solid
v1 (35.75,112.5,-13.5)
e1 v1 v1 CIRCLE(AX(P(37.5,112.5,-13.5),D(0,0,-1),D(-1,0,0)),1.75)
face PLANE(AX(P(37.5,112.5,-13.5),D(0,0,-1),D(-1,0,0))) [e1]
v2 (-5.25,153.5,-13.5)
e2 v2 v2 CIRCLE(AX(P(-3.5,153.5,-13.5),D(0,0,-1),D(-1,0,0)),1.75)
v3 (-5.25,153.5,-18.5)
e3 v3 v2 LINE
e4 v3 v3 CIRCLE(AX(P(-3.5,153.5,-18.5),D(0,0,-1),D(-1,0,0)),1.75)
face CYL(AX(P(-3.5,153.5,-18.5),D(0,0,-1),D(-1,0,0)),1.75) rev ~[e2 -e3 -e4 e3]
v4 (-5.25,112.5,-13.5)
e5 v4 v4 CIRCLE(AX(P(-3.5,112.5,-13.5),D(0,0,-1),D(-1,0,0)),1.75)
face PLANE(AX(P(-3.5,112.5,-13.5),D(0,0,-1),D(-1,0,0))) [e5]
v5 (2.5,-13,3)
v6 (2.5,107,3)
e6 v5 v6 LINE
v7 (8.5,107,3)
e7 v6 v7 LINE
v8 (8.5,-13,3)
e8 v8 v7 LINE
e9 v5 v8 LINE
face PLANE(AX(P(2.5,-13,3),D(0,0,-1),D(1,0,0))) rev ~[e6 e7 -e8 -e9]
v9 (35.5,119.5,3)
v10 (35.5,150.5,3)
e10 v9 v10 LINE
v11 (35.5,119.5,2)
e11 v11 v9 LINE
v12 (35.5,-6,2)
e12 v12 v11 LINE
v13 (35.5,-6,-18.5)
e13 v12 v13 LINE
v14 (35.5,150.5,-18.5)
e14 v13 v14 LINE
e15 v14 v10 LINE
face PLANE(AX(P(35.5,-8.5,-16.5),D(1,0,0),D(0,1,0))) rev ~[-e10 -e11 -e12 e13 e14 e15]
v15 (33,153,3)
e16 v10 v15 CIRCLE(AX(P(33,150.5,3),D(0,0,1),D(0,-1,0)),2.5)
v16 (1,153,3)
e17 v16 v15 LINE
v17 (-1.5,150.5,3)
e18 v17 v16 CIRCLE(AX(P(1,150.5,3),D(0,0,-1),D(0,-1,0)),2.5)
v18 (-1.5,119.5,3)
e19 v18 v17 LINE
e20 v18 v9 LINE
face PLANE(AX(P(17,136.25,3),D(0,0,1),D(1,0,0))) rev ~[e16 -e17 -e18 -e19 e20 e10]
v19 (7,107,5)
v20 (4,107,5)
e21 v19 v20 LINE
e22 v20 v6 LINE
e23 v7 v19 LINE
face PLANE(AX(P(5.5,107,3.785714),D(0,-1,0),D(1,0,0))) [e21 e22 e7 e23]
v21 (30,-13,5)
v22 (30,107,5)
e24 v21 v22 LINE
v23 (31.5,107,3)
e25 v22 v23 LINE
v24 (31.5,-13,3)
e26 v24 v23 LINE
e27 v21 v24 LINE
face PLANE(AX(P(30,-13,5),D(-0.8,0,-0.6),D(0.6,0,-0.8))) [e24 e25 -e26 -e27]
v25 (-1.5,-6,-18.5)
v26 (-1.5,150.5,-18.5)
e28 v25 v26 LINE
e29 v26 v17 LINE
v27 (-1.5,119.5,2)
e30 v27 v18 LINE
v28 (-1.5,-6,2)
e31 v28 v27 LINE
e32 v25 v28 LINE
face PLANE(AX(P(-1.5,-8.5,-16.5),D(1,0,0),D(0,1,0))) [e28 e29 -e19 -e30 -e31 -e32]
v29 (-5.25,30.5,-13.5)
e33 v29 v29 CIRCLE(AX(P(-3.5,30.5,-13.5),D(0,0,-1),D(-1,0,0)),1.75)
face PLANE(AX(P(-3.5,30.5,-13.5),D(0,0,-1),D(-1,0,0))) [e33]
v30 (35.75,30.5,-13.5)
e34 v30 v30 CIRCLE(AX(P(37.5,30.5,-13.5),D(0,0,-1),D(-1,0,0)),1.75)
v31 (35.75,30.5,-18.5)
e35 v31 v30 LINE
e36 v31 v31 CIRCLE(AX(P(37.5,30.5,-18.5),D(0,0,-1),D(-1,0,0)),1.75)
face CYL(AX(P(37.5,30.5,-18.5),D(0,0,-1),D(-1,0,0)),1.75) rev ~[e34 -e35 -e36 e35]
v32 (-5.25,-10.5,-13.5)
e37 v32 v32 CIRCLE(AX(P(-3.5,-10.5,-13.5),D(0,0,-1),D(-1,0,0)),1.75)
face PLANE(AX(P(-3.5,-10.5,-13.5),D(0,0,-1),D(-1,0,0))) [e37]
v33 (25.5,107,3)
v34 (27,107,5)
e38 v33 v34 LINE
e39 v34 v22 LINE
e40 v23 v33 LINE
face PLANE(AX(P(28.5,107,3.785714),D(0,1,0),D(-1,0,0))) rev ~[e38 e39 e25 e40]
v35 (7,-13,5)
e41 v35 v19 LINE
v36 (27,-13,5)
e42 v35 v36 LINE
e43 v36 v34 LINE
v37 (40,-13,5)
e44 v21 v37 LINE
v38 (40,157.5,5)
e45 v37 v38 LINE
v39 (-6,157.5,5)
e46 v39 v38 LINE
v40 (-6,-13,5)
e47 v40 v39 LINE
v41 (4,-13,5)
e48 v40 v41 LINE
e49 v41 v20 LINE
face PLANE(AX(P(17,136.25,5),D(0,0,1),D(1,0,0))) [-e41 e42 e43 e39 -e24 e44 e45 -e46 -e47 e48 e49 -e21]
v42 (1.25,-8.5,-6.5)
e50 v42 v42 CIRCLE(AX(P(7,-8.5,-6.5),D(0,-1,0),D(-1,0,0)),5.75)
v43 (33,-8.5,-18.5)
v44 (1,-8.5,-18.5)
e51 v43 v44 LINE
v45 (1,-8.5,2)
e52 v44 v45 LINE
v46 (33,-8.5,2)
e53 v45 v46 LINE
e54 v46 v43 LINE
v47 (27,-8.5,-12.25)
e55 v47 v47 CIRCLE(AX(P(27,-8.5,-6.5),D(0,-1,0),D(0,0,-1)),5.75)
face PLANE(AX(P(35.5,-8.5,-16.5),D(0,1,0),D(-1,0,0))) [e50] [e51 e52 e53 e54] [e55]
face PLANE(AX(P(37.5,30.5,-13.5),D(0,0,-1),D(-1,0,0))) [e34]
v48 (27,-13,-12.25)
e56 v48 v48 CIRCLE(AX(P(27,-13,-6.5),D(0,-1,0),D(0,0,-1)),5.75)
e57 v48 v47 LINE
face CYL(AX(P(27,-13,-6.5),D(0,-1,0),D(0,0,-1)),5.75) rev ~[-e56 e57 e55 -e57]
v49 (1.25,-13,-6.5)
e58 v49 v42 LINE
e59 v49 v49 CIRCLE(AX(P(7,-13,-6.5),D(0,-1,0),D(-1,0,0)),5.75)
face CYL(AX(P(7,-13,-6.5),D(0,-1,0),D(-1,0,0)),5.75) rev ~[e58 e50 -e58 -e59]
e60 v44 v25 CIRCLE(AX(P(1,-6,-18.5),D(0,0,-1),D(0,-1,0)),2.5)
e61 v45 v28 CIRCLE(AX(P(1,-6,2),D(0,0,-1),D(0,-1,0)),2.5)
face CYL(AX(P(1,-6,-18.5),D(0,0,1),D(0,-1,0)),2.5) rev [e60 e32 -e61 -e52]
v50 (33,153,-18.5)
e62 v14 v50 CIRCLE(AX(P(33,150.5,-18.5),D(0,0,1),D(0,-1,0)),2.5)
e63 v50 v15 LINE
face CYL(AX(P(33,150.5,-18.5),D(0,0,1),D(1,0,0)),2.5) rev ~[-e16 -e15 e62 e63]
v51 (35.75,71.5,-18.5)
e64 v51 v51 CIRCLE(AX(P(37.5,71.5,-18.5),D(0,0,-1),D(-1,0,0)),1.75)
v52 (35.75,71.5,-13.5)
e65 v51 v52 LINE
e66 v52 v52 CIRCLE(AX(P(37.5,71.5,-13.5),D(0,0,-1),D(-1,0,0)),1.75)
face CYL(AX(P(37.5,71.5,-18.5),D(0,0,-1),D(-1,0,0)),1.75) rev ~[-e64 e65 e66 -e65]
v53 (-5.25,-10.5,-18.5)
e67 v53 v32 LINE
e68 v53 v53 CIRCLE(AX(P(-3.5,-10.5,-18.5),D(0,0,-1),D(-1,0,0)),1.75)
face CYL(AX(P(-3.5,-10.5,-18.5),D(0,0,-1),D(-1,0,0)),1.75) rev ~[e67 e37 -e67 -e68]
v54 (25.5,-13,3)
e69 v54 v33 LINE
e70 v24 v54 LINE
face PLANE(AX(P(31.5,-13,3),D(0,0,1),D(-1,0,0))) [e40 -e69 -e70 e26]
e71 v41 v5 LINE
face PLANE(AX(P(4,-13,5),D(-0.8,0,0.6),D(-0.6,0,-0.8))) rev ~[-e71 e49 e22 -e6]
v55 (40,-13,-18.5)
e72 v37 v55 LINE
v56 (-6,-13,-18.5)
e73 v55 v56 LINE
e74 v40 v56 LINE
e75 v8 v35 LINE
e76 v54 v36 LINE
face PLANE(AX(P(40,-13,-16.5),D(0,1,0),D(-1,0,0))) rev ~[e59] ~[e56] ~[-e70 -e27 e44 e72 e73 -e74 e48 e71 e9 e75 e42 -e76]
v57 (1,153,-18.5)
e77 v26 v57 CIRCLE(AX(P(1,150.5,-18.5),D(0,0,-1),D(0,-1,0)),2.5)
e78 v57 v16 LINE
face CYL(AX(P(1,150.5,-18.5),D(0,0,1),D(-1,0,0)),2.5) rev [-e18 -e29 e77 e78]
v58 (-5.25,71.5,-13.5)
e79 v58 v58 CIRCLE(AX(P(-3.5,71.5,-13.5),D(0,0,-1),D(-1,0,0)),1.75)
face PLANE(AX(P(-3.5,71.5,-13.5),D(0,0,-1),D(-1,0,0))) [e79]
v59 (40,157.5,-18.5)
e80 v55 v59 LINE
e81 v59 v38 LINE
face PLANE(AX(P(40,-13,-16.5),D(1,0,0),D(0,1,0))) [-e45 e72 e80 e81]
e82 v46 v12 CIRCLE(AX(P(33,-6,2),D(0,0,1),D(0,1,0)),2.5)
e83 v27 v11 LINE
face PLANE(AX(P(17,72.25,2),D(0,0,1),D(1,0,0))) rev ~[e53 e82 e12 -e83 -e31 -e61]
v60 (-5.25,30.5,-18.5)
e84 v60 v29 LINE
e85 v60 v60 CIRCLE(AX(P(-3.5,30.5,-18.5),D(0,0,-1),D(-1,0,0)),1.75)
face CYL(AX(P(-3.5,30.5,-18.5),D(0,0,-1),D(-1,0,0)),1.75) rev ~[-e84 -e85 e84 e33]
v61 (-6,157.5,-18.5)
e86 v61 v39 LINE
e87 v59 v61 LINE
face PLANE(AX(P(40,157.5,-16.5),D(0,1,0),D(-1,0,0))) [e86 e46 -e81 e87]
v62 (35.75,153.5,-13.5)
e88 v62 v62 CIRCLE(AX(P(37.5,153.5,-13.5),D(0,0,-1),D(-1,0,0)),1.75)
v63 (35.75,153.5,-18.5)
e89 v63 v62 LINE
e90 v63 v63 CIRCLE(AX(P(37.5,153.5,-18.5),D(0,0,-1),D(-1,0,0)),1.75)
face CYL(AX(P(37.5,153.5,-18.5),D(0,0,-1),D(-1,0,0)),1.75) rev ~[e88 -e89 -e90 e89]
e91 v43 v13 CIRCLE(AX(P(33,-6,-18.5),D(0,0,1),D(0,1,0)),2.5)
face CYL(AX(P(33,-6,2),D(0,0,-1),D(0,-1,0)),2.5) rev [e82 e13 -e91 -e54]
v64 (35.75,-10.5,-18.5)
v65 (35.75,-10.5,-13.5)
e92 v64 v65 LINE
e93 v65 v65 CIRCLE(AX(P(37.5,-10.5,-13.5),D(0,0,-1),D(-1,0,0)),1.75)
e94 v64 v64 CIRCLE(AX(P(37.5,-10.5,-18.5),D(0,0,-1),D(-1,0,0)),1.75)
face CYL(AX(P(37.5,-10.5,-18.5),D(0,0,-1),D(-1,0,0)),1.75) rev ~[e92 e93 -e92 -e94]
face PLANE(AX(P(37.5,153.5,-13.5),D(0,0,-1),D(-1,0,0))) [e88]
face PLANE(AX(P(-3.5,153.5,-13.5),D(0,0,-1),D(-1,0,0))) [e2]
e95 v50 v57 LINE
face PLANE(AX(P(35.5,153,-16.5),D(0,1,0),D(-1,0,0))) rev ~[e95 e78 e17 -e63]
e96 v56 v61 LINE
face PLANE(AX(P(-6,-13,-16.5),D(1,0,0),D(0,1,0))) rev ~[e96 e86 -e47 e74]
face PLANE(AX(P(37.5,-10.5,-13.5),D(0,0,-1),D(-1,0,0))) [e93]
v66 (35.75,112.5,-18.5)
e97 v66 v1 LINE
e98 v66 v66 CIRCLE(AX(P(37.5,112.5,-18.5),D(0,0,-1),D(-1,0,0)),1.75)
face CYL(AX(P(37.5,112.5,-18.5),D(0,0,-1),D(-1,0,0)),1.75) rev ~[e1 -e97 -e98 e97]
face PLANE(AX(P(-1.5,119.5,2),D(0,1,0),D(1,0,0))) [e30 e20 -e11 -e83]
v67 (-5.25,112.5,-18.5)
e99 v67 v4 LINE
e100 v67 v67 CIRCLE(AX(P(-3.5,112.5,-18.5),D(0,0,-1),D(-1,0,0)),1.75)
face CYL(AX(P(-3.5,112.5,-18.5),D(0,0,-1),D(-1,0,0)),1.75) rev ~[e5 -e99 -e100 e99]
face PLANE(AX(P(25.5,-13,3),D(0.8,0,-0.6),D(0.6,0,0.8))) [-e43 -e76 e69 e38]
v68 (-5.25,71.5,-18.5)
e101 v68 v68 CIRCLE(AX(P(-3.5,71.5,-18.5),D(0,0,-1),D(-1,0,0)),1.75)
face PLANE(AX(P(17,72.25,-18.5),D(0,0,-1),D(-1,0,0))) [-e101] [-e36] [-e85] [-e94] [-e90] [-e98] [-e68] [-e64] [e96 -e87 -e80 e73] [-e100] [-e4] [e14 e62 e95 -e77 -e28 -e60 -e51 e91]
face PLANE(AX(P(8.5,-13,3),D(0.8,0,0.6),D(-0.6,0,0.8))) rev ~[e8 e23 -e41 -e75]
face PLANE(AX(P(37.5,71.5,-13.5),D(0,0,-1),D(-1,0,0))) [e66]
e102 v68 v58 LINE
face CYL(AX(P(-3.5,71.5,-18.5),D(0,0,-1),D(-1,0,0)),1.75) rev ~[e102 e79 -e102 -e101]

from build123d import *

# Parameters (mm, degrees)
P_IDAT_VYSUNUT_M2_DEPTH     = 16.5
SKICA2_W                    = 46
SKICA2_H                    = 170.5
SKICA2_W_2                  = 37
SKICA2_H_2                  = 161.5
P_IDAT_VYSUNUT_M4_DEPTH     = 2
SKICA3_W                    = 46
SKICA3_H                    = 170.5
SKICA3_W_2                  = 37
SKICA3_H_2                  = 33.5
P_IDAT_VYSUNUT_M5_DEPTH     = 3
SKICA4_W                    = 37
SKICA4_H                    = 33.5
P_IDAT_VYSUNUT_M6_DEPTH     = 2
SKICA9_W                    = 46
SKICA9_H                    = 170.5
SKICA9_W_2                  = 37
SKICA9_H_2                  = 161.5
P_IDAT_VYSUNUT_M9_DEPTH     = 2
SKICA10_R                   = 1.75
D_RY_NA_Z_PUSTN_MATKY_DEPTH = 5
ZAOBLIT1_R                  = 2.5
SKICA11_R                   = 5.75
KONEKTORY_DEPTH             = 4.5
DR_KA_K_TER_U_DEPTH         = 120


with BuildPart() as part:
    # Skica1 → Přidat vysunutím2 (new body)
    with BuildSketch(Plane.XY):
        Polygon((40, 157.5), (-6, 157.5), (-6, 0), (-6, -13), (40, -13), (40, 0), align=None)
        Polygon((-1.5, 0), (-1.5, 153), (35.5, 153), (35.5, 0), (35.5, -8.5), (-1.5, -8.5), align=None, mode=Mode.SUBTRACT)
    extrude(amount=-P_IDAT_VYSUNUT_M2_DEPTH)

    # Skica2 → Přidat vysunutím4 (add)
    with BuildSketch(Plane.XY):
        with Locations((17, 72.25)):
            Rectangle(SKICA2_W, SKICA2_H)
        with Locations((17, 72.25)):
            Rectangle(SKICA2_W_2, SKICA2_H_2, mode=Mode.SUBTRACT)
    extrude(amount=P_IDAT_VYSUNUT_M4_DEPTH)

    # Skica3 → Přidat vysunutím5 (add)
    with BuildSketch(Plane.XY.offset(2)):
        with Locations((17, 72.25)):
            Rectangle(SKICA3_W, SKICA3_H)
        with Locations((17, 136.25)):
            Rectangle(SKICA3_W_2, SKICA3_H_2, mode=Mode.SUBTRACT)
    extrude(amount=P_IDAT_VYSUNUT_M5_DEPTH)

    # Skica4 → Přidat vysunutím6 (add)
    with BuildSketch(Plane.XY.offset(5)):
        with Locations((17, 136.25)):
            Rectangle(SKICA4_W, SKICA4_H)
    extrude(amount=-P_IDAT_VYSUNUT_M6_DEPTH)

    # Skica9 → Přidat vysunutím9 (add)
    with BuildSketch(Plane(origin=(0, 0, -16.5), x_dir=(-1, 0, 0), z_dir=(0, 0, -1))):
        with Locations((-17, 72.25)):
            Rectangle(SKICA9_W, SKICA9_H)
        with Locations((-17, 72.25)):
            Rectangle(SKICA9_W_2, SKICA9_H_2, mode=Mode.SUBTRACT)
    extrude(amount=P_IDAT_VYSUNUT_M9_DEPTH)

    # Skica10 → Díry na zápustný matky (cut)
    with BuildSketch(Plane(origin=(0, 0, -18.5), x_dir=(-1, 0, 0), z_dir=(0, 0, -1))):
        with Locations((3.5, -10.5)):
            Circle(SKICA10_R)
        with Locations((-37.5, -10.5)):
            Circle(SKICA10_R)
        with Locations((-37.5, 30.5)):
            Circle(SKICA10_R)
        with Locations((-37.5, 71.5)):
            Circle(SKICA10_R)
        with Locations((-37.5, 112.5)):
            Circle(SKICA10_R)
        with Locations((-37.5, 153.5)):
            Circle(SKICA10_R)
        with Locations((3.5, 30.5)):
            Circle(SKICA10_R)
        with Locations((3.5, 71.5)):
            Circle(SKICA10_R)
        with Locations((3.5, 112.5)):
            Circle(SKICA10_R)
        with Locations((3.5, 153.5)):
            Circle(SKICA10_R)
    extrude(amount=-D_RY_NA_Z_PUSTN_MATKY_DEPTH, mode=Mode.SUBTRACT)

    # Zaoblit1
    zaoblit1_edges = [part.edges().sort_by_distance(p)[0] for p in [
        (-1.5, 153, -7.75),
        (35.5, 153, -7.75),
        (35.5, -8.5, -8.25),
        (-1.5, -8.5, -8.25),
    ]]
    fillet(zaoblit1_edges, radius=ZAOBLIT1_R)

    # Skica11 → konektory (cut)
    with BuildSketch(Plane.XZ.offset(13)):
        with Locations(Location((27, -6.5, 0), (0, 0, 270))):
            Circle(SKICA11_R)
        with Locations(Location((7, -6.5, 0), (0, 0, 180))):
            Circle(SKICA11_R)
    extrude(amount=-KONEKTORY_DEPTH, mode=Mode.SUBTRACT)

    # Skica13 → Drážka k terču (cut)
    with BuildSketch(Plane.XZ.offset(13)):
        Polygon((31.5, 3), (25.5, 3), (27, 5), (30, 5), align=None)
        Polygon((7, 5), (4, 5), (2.5, 3), (8.5, 3), align=None)
    extrude(amount=-DR_KA_K_TER_U_DEPTH, mode=Mode.SUBTRACT)


solid = part.part
